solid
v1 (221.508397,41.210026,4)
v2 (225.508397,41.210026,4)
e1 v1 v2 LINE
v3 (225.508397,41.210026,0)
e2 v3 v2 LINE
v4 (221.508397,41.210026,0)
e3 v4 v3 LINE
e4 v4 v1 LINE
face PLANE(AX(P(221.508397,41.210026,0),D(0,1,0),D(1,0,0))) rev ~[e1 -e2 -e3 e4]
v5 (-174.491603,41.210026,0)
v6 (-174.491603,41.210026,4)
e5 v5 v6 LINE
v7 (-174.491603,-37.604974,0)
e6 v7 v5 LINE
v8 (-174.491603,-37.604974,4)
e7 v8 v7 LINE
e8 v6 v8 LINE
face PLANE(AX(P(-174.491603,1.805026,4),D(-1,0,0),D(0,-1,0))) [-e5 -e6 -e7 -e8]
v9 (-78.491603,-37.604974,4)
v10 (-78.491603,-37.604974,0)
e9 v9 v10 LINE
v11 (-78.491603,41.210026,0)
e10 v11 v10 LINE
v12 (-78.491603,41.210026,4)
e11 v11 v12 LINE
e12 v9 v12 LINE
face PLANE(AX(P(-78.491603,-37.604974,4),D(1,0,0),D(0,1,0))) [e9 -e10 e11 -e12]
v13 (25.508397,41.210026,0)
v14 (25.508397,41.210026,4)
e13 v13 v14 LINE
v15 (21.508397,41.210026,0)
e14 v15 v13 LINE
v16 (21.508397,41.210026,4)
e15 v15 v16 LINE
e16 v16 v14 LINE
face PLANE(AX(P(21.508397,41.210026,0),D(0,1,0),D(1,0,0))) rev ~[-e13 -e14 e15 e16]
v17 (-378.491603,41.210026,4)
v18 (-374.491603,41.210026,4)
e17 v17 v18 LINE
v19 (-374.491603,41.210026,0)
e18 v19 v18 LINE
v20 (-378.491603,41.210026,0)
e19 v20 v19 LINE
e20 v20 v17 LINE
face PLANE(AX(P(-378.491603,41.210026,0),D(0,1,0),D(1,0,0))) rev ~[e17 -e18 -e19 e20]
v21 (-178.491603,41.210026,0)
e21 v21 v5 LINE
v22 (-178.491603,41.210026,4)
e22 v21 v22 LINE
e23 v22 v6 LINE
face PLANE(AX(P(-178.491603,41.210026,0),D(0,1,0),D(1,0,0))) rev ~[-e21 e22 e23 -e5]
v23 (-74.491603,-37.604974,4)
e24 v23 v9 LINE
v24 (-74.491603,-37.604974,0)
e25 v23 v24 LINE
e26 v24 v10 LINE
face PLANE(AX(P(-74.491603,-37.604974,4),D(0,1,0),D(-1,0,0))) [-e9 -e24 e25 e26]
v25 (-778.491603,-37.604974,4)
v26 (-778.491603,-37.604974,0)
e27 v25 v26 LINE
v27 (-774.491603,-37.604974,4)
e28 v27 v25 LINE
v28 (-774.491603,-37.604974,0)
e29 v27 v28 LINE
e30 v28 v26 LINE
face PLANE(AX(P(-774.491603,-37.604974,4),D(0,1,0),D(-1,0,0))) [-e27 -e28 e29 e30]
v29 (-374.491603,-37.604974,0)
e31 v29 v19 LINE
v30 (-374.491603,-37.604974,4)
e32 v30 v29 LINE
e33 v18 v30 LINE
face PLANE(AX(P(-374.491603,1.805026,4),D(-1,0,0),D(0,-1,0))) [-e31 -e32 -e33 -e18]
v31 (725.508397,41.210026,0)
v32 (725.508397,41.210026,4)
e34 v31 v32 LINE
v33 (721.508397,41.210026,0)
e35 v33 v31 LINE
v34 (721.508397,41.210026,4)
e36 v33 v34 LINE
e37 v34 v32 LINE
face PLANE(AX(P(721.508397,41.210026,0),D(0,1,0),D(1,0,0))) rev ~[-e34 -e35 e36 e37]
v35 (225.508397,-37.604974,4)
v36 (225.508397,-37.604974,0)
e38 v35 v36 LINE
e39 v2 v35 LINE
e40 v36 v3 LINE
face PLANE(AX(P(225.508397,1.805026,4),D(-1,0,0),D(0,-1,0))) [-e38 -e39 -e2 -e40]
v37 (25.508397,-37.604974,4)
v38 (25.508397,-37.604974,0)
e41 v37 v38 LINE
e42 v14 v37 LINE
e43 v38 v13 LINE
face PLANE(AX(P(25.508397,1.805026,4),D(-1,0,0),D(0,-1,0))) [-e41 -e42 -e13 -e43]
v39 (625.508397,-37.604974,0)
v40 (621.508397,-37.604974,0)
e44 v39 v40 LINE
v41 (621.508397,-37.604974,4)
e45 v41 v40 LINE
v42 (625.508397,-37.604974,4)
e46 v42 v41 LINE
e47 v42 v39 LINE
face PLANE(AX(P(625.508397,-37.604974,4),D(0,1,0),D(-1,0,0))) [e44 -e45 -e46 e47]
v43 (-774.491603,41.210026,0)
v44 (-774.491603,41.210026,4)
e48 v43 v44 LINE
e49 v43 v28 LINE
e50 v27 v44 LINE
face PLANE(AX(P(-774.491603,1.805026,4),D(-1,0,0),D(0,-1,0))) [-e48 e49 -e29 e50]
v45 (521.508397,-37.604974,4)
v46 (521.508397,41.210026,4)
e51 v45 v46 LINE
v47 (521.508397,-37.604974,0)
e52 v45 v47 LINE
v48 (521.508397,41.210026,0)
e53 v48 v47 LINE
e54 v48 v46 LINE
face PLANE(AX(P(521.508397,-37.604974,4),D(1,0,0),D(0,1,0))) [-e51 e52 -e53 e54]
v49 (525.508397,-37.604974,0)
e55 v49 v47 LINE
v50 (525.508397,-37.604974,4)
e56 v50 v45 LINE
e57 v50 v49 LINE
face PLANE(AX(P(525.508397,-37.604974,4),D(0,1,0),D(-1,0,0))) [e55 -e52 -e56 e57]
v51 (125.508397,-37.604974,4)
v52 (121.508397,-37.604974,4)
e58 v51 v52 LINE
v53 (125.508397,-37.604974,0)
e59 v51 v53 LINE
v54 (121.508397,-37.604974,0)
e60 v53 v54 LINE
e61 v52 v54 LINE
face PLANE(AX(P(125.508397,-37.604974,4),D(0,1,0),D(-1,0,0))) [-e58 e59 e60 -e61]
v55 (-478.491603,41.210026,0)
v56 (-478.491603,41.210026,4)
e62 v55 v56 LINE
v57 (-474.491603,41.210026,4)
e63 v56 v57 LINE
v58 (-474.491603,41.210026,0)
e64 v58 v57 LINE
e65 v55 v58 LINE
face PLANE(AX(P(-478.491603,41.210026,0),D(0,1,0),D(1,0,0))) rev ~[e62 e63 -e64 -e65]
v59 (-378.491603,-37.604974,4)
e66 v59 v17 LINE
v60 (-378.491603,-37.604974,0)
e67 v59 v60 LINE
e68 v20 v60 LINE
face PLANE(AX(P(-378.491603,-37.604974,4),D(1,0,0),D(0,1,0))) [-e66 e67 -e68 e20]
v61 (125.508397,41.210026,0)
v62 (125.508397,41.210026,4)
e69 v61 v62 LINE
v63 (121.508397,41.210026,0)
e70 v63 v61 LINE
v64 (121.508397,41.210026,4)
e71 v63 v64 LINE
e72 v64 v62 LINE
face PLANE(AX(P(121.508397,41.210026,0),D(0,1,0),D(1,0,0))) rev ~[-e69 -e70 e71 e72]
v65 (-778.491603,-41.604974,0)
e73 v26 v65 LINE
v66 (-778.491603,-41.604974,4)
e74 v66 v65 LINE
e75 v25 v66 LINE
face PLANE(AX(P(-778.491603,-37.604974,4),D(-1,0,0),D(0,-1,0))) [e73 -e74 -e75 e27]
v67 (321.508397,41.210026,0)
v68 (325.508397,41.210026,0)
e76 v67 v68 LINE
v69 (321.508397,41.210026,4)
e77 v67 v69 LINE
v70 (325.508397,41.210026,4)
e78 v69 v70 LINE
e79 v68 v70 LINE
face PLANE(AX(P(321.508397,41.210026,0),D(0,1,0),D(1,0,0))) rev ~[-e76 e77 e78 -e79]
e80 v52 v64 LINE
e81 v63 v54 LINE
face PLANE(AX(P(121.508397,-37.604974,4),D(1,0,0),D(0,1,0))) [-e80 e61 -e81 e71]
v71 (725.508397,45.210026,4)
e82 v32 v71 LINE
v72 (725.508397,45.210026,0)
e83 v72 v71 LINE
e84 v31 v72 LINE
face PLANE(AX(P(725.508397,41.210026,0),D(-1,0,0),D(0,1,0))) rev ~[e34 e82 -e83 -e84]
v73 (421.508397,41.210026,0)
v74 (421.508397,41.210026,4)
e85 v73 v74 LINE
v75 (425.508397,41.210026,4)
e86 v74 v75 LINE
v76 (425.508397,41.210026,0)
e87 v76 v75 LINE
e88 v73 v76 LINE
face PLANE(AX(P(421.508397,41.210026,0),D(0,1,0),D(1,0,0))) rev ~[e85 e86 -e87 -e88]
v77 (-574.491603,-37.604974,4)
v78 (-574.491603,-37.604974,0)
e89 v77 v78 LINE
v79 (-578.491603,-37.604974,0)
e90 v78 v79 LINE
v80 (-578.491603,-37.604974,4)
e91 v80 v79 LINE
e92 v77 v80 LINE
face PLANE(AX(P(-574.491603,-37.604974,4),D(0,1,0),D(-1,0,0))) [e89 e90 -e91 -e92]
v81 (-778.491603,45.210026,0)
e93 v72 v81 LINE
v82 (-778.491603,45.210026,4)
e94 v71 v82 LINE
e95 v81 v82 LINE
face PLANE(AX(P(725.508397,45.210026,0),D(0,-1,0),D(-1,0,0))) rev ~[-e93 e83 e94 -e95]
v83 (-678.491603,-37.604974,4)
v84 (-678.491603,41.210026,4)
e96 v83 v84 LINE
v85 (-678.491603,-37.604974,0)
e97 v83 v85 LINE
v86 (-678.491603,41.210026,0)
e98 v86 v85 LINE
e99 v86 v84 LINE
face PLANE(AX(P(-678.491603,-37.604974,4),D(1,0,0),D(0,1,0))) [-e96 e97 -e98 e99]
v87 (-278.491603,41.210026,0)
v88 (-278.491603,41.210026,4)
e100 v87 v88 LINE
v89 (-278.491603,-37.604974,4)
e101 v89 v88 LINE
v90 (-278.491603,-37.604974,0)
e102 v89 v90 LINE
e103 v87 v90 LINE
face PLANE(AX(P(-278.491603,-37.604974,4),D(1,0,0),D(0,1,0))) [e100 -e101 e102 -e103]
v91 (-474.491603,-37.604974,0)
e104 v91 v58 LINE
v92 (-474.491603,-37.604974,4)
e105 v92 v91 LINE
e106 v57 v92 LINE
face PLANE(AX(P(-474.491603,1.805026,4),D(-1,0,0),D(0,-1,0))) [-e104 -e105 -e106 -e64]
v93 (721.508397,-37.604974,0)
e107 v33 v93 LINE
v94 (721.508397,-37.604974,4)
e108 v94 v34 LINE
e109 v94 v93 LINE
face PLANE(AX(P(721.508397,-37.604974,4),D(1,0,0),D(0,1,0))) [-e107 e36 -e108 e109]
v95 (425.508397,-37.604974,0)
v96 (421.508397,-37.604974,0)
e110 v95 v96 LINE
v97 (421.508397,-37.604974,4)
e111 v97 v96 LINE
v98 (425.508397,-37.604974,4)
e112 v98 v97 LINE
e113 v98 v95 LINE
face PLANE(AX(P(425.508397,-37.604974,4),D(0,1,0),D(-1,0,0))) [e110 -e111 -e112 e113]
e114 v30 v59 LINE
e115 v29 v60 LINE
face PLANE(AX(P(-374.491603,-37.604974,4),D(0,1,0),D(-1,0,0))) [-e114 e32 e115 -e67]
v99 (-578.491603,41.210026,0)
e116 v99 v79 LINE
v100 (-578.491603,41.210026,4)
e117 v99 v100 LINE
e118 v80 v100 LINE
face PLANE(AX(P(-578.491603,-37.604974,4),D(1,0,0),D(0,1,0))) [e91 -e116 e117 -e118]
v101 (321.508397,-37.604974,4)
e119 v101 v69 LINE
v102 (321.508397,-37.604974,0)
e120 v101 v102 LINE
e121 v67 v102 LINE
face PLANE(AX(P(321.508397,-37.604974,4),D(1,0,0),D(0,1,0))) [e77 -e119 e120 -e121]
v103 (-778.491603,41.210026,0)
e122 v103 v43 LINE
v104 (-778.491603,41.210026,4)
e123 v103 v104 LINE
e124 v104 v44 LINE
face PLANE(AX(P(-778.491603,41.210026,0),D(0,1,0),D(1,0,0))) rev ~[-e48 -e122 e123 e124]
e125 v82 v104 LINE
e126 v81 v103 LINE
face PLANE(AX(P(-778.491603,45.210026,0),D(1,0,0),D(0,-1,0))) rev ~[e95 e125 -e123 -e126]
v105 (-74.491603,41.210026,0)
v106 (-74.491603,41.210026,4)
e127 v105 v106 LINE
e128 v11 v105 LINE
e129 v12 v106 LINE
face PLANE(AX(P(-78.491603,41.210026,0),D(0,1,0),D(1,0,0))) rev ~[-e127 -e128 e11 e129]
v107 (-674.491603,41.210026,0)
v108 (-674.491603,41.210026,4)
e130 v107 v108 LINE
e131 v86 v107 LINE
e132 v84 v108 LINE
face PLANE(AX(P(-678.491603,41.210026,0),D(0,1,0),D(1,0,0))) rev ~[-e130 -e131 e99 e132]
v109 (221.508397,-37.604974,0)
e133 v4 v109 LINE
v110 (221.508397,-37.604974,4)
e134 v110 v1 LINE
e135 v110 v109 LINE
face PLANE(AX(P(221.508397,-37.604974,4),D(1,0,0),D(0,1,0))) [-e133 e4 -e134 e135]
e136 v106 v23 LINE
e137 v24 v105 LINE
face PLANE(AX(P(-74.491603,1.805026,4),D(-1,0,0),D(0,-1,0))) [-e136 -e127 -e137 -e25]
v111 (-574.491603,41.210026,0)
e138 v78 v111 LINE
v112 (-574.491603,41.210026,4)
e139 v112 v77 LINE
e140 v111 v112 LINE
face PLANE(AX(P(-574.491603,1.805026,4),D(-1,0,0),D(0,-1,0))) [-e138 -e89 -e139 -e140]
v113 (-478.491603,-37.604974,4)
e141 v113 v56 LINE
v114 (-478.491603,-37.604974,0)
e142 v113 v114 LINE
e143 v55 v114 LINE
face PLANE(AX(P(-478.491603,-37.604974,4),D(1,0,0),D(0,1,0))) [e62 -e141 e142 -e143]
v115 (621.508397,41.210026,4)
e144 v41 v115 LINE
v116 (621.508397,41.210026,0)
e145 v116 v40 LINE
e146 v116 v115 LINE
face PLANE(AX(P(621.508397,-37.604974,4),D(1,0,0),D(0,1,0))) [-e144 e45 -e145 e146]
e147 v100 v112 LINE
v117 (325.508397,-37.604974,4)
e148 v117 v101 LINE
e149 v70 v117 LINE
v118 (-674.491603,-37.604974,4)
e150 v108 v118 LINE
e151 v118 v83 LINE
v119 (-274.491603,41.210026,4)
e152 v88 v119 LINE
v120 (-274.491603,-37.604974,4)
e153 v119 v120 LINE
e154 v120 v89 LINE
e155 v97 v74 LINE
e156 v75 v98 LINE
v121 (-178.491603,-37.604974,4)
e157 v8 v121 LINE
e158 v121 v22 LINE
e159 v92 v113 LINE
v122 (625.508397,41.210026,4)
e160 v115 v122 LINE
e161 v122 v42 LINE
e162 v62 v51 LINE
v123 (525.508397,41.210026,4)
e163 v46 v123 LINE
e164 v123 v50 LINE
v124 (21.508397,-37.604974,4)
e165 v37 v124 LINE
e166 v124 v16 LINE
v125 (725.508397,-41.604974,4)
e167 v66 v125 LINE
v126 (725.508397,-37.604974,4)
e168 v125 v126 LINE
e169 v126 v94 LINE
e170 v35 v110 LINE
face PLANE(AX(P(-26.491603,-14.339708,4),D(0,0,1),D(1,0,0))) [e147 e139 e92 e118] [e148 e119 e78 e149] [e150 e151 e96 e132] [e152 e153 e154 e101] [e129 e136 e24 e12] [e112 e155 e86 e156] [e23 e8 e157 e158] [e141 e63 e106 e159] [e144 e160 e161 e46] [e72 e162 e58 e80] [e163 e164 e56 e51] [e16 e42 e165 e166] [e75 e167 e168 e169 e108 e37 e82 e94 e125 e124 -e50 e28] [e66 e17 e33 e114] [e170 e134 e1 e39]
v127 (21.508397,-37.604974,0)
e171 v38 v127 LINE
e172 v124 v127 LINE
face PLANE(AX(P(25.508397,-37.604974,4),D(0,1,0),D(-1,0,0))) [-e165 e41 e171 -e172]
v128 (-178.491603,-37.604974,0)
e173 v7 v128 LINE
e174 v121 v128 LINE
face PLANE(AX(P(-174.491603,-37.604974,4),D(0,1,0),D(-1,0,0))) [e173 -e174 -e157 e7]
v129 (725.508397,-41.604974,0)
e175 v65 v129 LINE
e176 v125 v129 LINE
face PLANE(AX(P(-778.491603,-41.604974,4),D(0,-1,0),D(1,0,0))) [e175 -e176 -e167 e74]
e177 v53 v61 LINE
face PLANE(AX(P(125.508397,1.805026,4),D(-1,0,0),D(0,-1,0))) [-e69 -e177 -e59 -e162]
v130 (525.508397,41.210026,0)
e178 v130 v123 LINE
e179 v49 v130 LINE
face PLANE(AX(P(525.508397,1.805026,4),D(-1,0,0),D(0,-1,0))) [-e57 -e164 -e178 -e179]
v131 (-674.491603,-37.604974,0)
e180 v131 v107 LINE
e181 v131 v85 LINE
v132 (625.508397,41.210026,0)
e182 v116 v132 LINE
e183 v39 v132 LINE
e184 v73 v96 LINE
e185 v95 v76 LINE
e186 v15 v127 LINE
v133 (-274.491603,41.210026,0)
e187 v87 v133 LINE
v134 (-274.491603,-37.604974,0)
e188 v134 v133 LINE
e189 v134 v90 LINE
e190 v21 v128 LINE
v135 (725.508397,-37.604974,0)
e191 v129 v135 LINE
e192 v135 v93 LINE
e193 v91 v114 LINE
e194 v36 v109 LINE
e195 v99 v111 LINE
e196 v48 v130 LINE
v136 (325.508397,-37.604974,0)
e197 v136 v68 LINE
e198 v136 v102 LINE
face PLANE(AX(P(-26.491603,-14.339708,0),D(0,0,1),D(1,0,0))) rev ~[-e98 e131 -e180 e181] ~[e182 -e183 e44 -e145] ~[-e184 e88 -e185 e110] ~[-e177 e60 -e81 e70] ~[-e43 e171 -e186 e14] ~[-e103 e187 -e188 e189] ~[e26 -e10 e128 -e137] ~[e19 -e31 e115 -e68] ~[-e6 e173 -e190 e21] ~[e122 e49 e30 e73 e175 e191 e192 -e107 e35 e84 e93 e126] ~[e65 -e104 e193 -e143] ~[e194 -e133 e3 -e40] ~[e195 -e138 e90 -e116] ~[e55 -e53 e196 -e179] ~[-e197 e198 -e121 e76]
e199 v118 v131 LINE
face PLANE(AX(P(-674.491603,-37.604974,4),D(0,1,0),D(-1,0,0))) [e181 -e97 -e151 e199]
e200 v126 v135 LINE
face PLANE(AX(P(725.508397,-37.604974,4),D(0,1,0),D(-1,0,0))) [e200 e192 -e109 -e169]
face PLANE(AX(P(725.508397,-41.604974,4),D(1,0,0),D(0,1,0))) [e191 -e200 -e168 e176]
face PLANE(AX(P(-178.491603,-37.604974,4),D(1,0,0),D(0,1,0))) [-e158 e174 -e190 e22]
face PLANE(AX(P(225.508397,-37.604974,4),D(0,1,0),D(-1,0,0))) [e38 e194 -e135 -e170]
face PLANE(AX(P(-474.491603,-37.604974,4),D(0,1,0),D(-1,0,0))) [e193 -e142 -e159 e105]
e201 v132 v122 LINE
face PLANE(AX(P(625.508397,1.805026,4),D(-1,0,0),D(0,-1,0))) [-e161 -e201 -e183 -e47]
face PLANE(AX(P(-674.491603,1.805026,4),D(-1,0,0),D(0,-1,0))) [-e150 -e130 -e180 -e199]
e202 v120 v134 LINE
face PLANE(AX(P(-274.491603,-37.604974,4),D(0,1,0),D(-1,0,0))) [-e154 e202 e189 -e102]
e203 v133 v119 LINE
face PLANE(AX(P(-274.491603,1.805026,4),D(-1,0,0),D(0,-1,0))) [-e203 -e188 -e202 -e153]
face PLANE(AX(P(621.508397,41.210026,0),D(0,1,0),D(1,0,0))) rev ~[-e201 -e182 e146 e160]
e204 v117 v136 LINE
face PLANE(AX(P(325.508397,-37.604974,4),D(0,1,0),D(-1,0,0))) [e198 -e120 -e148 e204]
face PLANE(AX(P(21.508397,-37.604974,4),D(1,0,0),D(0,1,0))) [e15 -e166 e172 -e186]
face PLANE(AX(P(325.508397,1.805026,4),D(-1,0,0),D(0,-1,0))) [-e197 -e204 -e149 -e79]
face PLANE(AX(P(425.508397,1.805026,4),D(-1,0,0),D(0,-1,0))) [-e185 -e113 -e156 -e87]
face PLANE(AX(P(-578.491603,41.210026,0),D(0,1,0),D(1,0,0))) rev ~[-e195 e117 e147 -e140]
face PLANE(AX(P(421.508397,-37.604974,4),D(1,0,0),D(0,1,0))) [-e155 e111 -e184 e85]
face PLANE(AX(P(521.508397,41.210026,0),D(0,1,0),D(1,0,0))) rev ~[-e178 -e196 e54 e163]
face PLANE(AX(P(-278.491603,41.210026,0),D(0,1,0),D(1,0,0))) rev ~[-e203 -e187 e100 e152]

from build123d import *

# Parameters (mm, degrees)
BOSS_EXTRUDE1_DEPTH = 4
BOSS_EXTRUDE2_DEPTH = 4


with BuildPart() as part:
    # Sketch2 → Boss-Extrude1 (new body)
    with BuildSketch(Plane.XY):
        Polygon((725.508397322, 45.210025961), (-778.491602678, 45.210025961), (-778.491602678, 41.210025961), (-774.491602678, 41.210025961), (-774.491602678, 1.805025961), (-750.491602678, 1.805025961), (-756.491602678, 9.805025961), (-732.491602678, 9.805025961), (-738.491602678, 1.805025961), (-714.491602678, 1.805025961), (-720.491602678, 9.805025961), (-696.491602678, 9.805025961), (-702.491602678, 1.805025961), (-678.491602678, 1.805025961), (-678.491602678, 41.210025961), (-674.491602678, 41.210025961), (-674.491602678, 1.805025961), (-650.491602678, 1.805025961), (-656.491602678, 9.805025961), (-632.491602678, 9.805025961), (-638.491602678, 1.805025961), (-614.491602678, 1.805025961), (-620.491602678, 9.805025961), (-596.491602678, 9.805025961), (-602.491602678, 1.805025961), (-578.491602678, 1.805025961), (-578.491602678, 41.210025961), (-574.491602678, 41.210025961), (-574.491602678, 1.805025961), (-550.491602678, 1.805025961), (-556.491602678, 9.805025961), (-532.491602678, 9.805025961), (-538.491602678, 1.805025961), (-514.491602678, 1.805025961), (-520.491602678, 9.805025961), (-496.491602678, 9.805025961), (-502.491602678, 1.805025961), (-478.491602678, 1.805025961), (-478.491602678, 41.210025961), (-474.491602678, 41.210025961), (-474.491602678, 1.805025961), (-450.491602678, 1.805025961), (-456.491602678, 9.805025961), (-432.491602678, 9.805025961), (-438.491602678, 1.805025961), (-414.491602678, 1.805025961), (-420.491602678, 9.805025961), (-396.491602678, 9.805025961), (-402.491602678, 1.805025961), (-378.491602678, 1.805025961), (-378.491602678, 41.210025961), (-374.491602678, 41.210025961), (-374.491602678, 1.805025961), (-350.491602678, 1.805025961), (-356.491602678, 9.805025961), (-332.491602678, 9.805025961), (-338.491602678, 1.805025961), (-314.491602678, 1.805025961), (-320.491602678, 9.805025961), (-296.491602678, 9.805025961), (-302.491602678, 1.805025961), (-278.491602678, 1.805025961), (-278.491602678, 41.210025961), (-274.491602678, 41.210025961), (-274.491602678, 1.805025961), (-250.491602678, 1.805025961), (-256.491602678, 9.805025961), (-232.491602678, 9.805025961), (-238.491602678, 1.805025961), (-214.491602678, 1.805025961), (-220.491602678, 9.805025961), (-196.491602678, 9.805025961), (-202.491602678, 1.805025961), (-178.491602678, 1.805025961), (-178.491602678, 41.210025961), (-174.491602678, 41.210025961), (-174.491602678, 1.805025961), (-150.491602678, 1.805025961), (-156.491602678, 9.805025961), (-132.491602678, 9.805025961), (-138.491602678, 1.805025961), (-114.491602678, 1.805025961), (-120.491602678, 9.805025961), (-96.491602678, 9.805025961), (-102.491602678, 1.805025961), (-78.491602678, 1.805025961), (-78.491602678, 41.210025961), (-74.491602678, 41.210025961), (-74.491602678, 1.805025961), (-50.491602678, 1.805025961), (-56.491602678, 9.805025961), (-32.491602678, 9.805025961), (-38.491602678, 1.805025961), (-14.491602678, 1.805025961), (-20.491602678, 9.805025961), (3.508397322, 9.805025961), (-2.491602678, 1.805025961), (21.508397322, 1.805025961), (21.508397322, 41.210025961), (25.508397322, 41.210025961), (25.508397322, 1.805025961), (49.508397322, 1.805025961), (43.508397322, 9.805025961), (67.508397322, 9.805025961), (61.508397322, 1.805025961), (85.508397322, 1.805025961), (79.508397322, 9.805025961), (103.508397322, 9.805025961), (97.508397322, 1.805025961), (121.508397322, 1.805025961), (121.508397322, 41.210025961), (125.508397322, 41.210025961), (125.508397322, 1.805025961), (149.508397322, 1.805025961), (143.508397322, 9.805025961), (167.508397322, 9.805025961), (161.508397322, 1.805025961), (185.508397322, 1.805025961), (179.508397322, 9.805025961), (203.508397322, 9.805025961), (197.508397322, 1.805025961), (221.508397322, 1.805025961), (221.508397322, 41.210025961), (225.508397322, 41.210025961), (225.508397322, 1.805025961), (249.508397322, 1.805025961), (243.508397322, 9.805025961), (267.508397322, 9.805025961), (261.508397322, 1.805025961), (285.508397322, 1.805025961), (279.508397322, 9.805025961), (303.508397322, 9.805025961), (297.508397322, 1.805025961), (321.508397322, 1.805025961), (321.508397322, 41.210025961), (325.508397322, 41.210025961), (325.508397322, 1.805025961), (349.508397322, 1.805025961), (343.508397322, 9.805025961), (367.508397322, 9.805025961), (361.508397322, 1.805025961), (385.508397322, 1.805025961), (379.508397322, 9.805025961), (403.508397322, 9.805025961), (397.508397322, 1.805025961), (421.508397322, 1.805025961), (421.508397322, 41.210025961), (425.508397322, 41.210025961), (425.508397322, 1.805025961), (449.508397322, 1.805025961), (443.508397322, 9.805025961), (467.508397322, 9.805025961), (461.508397322, 1.805025961), (485.508397322, 1.805025961), (479.508397322, 9.805025961), (503.508397322, 9.805025961), (497.508397322, 1.805025961), (521.508397322, 1.805025961), (521.508397322, 41.210025961), (525.508397322, 41.210025961), (525.508397322, 1.805025961), (549.508397322, 1.805025961), (543.508397322, 9.805025961), (567.508397322, 9.805025961), (561.508397322, 1.805025961), (585.508397322, 1.805025961), (579.508397322, 9.805025961), (603.508397322, 9.805025961), (597.508397322, 1.805025961), (621.508397322, 1.805025961), (621.508397322, 41.210025961), (625.508397322, 41.210025961), (625.508397322, 1.805025961), (649.508397322, 1.805025961), (643.508397322, 9.805025961), (667.508397322, 9.805025961), (661.508397322, 1.805025961), (685.508397322, 1.805025961), (679.508397322, 9.805025961), (703.508397322, 9.805025961), (697.508397322, 1.805025961), (721.508397322, 1.805025961), (721.508397322, 41.210025961), (725.508397322, 41.210025961), align=None)
    extrude(amount=BOSS_EXTRUDE1_DEPTH)

    # Sketch3 → Boss-Extrude2 (add)
    with BuildSketch(Plane.XY.offset(4)):
        Polygon((-774.491602678, 1.805025961), (-774.491602678, -37.604974039), (-778.491602678, -37.604974039), (-778.491602678, -41.604974039), (725.508397322, -41.604974039), (725.508397322, -37.604974039), (721.508397322, -37.604974039), (721.508397322, 1.805025961), (697.508397322, 1.805025961), (703.508397322, 9.805025961), (679.508397322, 9.805025961), (685.508397322, 1.805025961), (661.508397322, 1.805025961), (667.508397322, 9.805025961), (643.508397322, 9.805025961), (649.508397322, 1.805025961), (625.508397322, 1.805025961), (625.508397322, -37.604974039), (621.508397322, -37.604974039), (621.508397322, 1.805025961), (597.508397322, 1.805025961), (603.508397322, 9.805025961), (579.508397322, 9.805025961), (585.508397322, 1.805025961), (561.508397322, 1.805025961), (567.508397322, 9.805025961), (543.508397322, 9.805025961), (549.508397322, 1.805025961), (525.508397322, 1.805025961), (525.508397322, -37.604974039), (521.508397322, -37.604974039), (521.508397322, 1.805025961), (497.508397322, 1.805025961), (503.508397322, 9.805025961), (479.508397322, 9.805025961), (485.508397322, 1.805025961), (461.508397322, 1.805025961), (467.508397322, 9.805025961), (443.508397322, 9.805025961), (449.508397322, 1.805025961), (425.508397322, 1.805025961), (425.508397322, -37.604974039), (421.508397322, -37.604974039), (421.508397322, 1.805025961), (397.508397322, 1.805025961), (403.508397322, 9.805025961), (379.508397322, 9.805025961), (385.508397322, 1.805025961), (361.508397322, 1.805025961), (367.508397322, 9.805025961), (343.508397322, 9.805025961), (349.508397322, 1.805025961), (325.508397322, 1.805025961), (325.508397322, -37.604974039), (321.508397322, -37.604974039), (321.508397322, 1.805025961), (297.508397322, 1.805025961), (303.508397322, 9.805025961), (279.508397322, 9.805025961), (285.508397322, 1.805025961), (261.508397322, 1.805025961), (267.508397322, 9.805025961), (243.508397322, 9.805025961), (249.508397322, 1.805025961), (225.508397322, 1.805025961), (225.508397322, -37.604974039), (221.508397322, -37.604974039), (221.508397322, 1.805025961), (197.508397322, 1.805025961), (203.508397322, 9.805025961), (179.508397322, 9.805025961), (185.508397322, 1.805025961), (161.508397322, 1.805025961), (167.508397322, 9.805025961), (143.508397322, 9.805025961), (149.508397322, 1.805025961), (125.508397322, 1.805025961), (125.508397322, -37.604974039), (121.508397322, -37.604974039), (121.508397322, 1.805025961), (97.508397322, 1.805025961), (103.508397322, 9.805025961), (79.508397322, 9.805025961), (85.508397322, 1.805025961), (61.508397322, 1.805025961), (67.508397322, 9.805025961), (43.508397322, 9.805025961), (49.508397322, 1.805025961), (25.508397322, 1.805025961), (25.508397322, -37.604974039), (21.508397322, -37.604974039), (21.508397322, 1.805025961), (-2.491602678, 1.805025961), (3.508397322, 9.805025961), (-20.491602678, 9.805025961), (-14.491602678, 1.805025961), (-38.491602678, 1.805025961), (-32.491602678, 9.805025961), (-56.491602678, 9.805025961), (-50.491602678, 1.805025961), (-74.491602678, 1.805025961), (-74.491602678, -37.604974039), (-78.491602678, -37.604974039), (-78.491602678, 1.805025961), (-102.491602678, 1.805025961), (-96.491602678, 9.805025961), (-120.491602678, 9.805025961), (-114.491602678, 1.805025961), (-138.491602678, 1.805025961), (-132.491602678, 9.805025961), (-156.491602678, 9.805025961), (-150.491602678, 1.805025961), (-174.491602678, 1.805025961), (-174.491602678, -37.604974039), (-178.491602678, -37.604974039), (-178.491602678, 1.805025961), (-202.491602678, 1.805025961), (-196.491602678, 9.805025961), (-220.491602678, 9.805025961), (-214.491602678, 1.805025961), (-238.491602678, 1.805025961), (-232.491602678, 9.805025961), (-256.491602678, 9.805025961), (-250.491602678, 1.805025961), (-274.491602678, 1.805025961), (-274.491602678, -37.604974039), (-278.491602678, -37.604974039), (-278.491602678, 1.805025961), (-302.491602678, 1.805025961), (-296.491602678, 9.805025961), (-320.491602678, 9.805025961), (-314.491602678, 1.805025961), (-338.491602678, 1.805025961), (-332.491602678, 9.805025961), (-356.491602678, 9.805025961), (-350.491602678, 1.805025961), (-374.491602678, 1.805025961), (-374.491602678, -37.604974039), (-378.491602678, -37.604974039), (-378.491602678, 1.805025961), (-402.491602678, 1.805025961), (-396.491602678, 9.805025961), (-420.491602678, 9.805025961), (-414.491602678, 1.805025961), (-438.491602678, 1.805025961), (-432.491602678, 9.805025961), (-456.491602678, 9.805025961), (-450.491602678, 1.805025961), (-474.491602678, 1.805025961), (-474.491602678, -37.604974039), (-478.491602678, -37.604974039), (-478.491602678, 1.805025961), (-502.491602678, 1.805025961), (-496.491602678, 9.805025961), (-520.491602678, 9.805025961), (-514.491602678, 1.805025961), (-538.491602678, 1.805025961), (-532.491602678, 9.805025961), (-556.491602678, 9.805025961), (-550.491602678, 1.805025961), (-574.491602678, 1.805025961), (-574.491602678, -37.604974039), (-578.491602678, -37.604974039), (-578.491602678, 1.805025961), (-602.491602678, 1.805025961), (-596.491602678, 9.805025961), (-620.491602678, 9.805025961), (-614.491602678, 1.805025961), (-638.491602678, 1.805025961), (-632.491602678, 9.805025961), (-656.491602678, 9.805025961), (-650.491602678, 1.805025961), (-674.491602678, 1.805025961), (-674.491602678, -37.604974039), (-678.491602678, -37.604974039), (-678.491602678, 1.805025961), (-702.491602678, 1.805025961), (-696.491602678, 9.805025961), (-720.491602678, 9.805025961), (-714.491602678, 1.805025961), (-738.491602678, 1.805025961), (-732.491602678, 9.805025961), (-756.491602678, 9.805025961), (-750.491602678, 1.805025961), align=None)
    extrude(amount=-BOSS_EXTRUDE2_DEPTH)


solid = part.part
